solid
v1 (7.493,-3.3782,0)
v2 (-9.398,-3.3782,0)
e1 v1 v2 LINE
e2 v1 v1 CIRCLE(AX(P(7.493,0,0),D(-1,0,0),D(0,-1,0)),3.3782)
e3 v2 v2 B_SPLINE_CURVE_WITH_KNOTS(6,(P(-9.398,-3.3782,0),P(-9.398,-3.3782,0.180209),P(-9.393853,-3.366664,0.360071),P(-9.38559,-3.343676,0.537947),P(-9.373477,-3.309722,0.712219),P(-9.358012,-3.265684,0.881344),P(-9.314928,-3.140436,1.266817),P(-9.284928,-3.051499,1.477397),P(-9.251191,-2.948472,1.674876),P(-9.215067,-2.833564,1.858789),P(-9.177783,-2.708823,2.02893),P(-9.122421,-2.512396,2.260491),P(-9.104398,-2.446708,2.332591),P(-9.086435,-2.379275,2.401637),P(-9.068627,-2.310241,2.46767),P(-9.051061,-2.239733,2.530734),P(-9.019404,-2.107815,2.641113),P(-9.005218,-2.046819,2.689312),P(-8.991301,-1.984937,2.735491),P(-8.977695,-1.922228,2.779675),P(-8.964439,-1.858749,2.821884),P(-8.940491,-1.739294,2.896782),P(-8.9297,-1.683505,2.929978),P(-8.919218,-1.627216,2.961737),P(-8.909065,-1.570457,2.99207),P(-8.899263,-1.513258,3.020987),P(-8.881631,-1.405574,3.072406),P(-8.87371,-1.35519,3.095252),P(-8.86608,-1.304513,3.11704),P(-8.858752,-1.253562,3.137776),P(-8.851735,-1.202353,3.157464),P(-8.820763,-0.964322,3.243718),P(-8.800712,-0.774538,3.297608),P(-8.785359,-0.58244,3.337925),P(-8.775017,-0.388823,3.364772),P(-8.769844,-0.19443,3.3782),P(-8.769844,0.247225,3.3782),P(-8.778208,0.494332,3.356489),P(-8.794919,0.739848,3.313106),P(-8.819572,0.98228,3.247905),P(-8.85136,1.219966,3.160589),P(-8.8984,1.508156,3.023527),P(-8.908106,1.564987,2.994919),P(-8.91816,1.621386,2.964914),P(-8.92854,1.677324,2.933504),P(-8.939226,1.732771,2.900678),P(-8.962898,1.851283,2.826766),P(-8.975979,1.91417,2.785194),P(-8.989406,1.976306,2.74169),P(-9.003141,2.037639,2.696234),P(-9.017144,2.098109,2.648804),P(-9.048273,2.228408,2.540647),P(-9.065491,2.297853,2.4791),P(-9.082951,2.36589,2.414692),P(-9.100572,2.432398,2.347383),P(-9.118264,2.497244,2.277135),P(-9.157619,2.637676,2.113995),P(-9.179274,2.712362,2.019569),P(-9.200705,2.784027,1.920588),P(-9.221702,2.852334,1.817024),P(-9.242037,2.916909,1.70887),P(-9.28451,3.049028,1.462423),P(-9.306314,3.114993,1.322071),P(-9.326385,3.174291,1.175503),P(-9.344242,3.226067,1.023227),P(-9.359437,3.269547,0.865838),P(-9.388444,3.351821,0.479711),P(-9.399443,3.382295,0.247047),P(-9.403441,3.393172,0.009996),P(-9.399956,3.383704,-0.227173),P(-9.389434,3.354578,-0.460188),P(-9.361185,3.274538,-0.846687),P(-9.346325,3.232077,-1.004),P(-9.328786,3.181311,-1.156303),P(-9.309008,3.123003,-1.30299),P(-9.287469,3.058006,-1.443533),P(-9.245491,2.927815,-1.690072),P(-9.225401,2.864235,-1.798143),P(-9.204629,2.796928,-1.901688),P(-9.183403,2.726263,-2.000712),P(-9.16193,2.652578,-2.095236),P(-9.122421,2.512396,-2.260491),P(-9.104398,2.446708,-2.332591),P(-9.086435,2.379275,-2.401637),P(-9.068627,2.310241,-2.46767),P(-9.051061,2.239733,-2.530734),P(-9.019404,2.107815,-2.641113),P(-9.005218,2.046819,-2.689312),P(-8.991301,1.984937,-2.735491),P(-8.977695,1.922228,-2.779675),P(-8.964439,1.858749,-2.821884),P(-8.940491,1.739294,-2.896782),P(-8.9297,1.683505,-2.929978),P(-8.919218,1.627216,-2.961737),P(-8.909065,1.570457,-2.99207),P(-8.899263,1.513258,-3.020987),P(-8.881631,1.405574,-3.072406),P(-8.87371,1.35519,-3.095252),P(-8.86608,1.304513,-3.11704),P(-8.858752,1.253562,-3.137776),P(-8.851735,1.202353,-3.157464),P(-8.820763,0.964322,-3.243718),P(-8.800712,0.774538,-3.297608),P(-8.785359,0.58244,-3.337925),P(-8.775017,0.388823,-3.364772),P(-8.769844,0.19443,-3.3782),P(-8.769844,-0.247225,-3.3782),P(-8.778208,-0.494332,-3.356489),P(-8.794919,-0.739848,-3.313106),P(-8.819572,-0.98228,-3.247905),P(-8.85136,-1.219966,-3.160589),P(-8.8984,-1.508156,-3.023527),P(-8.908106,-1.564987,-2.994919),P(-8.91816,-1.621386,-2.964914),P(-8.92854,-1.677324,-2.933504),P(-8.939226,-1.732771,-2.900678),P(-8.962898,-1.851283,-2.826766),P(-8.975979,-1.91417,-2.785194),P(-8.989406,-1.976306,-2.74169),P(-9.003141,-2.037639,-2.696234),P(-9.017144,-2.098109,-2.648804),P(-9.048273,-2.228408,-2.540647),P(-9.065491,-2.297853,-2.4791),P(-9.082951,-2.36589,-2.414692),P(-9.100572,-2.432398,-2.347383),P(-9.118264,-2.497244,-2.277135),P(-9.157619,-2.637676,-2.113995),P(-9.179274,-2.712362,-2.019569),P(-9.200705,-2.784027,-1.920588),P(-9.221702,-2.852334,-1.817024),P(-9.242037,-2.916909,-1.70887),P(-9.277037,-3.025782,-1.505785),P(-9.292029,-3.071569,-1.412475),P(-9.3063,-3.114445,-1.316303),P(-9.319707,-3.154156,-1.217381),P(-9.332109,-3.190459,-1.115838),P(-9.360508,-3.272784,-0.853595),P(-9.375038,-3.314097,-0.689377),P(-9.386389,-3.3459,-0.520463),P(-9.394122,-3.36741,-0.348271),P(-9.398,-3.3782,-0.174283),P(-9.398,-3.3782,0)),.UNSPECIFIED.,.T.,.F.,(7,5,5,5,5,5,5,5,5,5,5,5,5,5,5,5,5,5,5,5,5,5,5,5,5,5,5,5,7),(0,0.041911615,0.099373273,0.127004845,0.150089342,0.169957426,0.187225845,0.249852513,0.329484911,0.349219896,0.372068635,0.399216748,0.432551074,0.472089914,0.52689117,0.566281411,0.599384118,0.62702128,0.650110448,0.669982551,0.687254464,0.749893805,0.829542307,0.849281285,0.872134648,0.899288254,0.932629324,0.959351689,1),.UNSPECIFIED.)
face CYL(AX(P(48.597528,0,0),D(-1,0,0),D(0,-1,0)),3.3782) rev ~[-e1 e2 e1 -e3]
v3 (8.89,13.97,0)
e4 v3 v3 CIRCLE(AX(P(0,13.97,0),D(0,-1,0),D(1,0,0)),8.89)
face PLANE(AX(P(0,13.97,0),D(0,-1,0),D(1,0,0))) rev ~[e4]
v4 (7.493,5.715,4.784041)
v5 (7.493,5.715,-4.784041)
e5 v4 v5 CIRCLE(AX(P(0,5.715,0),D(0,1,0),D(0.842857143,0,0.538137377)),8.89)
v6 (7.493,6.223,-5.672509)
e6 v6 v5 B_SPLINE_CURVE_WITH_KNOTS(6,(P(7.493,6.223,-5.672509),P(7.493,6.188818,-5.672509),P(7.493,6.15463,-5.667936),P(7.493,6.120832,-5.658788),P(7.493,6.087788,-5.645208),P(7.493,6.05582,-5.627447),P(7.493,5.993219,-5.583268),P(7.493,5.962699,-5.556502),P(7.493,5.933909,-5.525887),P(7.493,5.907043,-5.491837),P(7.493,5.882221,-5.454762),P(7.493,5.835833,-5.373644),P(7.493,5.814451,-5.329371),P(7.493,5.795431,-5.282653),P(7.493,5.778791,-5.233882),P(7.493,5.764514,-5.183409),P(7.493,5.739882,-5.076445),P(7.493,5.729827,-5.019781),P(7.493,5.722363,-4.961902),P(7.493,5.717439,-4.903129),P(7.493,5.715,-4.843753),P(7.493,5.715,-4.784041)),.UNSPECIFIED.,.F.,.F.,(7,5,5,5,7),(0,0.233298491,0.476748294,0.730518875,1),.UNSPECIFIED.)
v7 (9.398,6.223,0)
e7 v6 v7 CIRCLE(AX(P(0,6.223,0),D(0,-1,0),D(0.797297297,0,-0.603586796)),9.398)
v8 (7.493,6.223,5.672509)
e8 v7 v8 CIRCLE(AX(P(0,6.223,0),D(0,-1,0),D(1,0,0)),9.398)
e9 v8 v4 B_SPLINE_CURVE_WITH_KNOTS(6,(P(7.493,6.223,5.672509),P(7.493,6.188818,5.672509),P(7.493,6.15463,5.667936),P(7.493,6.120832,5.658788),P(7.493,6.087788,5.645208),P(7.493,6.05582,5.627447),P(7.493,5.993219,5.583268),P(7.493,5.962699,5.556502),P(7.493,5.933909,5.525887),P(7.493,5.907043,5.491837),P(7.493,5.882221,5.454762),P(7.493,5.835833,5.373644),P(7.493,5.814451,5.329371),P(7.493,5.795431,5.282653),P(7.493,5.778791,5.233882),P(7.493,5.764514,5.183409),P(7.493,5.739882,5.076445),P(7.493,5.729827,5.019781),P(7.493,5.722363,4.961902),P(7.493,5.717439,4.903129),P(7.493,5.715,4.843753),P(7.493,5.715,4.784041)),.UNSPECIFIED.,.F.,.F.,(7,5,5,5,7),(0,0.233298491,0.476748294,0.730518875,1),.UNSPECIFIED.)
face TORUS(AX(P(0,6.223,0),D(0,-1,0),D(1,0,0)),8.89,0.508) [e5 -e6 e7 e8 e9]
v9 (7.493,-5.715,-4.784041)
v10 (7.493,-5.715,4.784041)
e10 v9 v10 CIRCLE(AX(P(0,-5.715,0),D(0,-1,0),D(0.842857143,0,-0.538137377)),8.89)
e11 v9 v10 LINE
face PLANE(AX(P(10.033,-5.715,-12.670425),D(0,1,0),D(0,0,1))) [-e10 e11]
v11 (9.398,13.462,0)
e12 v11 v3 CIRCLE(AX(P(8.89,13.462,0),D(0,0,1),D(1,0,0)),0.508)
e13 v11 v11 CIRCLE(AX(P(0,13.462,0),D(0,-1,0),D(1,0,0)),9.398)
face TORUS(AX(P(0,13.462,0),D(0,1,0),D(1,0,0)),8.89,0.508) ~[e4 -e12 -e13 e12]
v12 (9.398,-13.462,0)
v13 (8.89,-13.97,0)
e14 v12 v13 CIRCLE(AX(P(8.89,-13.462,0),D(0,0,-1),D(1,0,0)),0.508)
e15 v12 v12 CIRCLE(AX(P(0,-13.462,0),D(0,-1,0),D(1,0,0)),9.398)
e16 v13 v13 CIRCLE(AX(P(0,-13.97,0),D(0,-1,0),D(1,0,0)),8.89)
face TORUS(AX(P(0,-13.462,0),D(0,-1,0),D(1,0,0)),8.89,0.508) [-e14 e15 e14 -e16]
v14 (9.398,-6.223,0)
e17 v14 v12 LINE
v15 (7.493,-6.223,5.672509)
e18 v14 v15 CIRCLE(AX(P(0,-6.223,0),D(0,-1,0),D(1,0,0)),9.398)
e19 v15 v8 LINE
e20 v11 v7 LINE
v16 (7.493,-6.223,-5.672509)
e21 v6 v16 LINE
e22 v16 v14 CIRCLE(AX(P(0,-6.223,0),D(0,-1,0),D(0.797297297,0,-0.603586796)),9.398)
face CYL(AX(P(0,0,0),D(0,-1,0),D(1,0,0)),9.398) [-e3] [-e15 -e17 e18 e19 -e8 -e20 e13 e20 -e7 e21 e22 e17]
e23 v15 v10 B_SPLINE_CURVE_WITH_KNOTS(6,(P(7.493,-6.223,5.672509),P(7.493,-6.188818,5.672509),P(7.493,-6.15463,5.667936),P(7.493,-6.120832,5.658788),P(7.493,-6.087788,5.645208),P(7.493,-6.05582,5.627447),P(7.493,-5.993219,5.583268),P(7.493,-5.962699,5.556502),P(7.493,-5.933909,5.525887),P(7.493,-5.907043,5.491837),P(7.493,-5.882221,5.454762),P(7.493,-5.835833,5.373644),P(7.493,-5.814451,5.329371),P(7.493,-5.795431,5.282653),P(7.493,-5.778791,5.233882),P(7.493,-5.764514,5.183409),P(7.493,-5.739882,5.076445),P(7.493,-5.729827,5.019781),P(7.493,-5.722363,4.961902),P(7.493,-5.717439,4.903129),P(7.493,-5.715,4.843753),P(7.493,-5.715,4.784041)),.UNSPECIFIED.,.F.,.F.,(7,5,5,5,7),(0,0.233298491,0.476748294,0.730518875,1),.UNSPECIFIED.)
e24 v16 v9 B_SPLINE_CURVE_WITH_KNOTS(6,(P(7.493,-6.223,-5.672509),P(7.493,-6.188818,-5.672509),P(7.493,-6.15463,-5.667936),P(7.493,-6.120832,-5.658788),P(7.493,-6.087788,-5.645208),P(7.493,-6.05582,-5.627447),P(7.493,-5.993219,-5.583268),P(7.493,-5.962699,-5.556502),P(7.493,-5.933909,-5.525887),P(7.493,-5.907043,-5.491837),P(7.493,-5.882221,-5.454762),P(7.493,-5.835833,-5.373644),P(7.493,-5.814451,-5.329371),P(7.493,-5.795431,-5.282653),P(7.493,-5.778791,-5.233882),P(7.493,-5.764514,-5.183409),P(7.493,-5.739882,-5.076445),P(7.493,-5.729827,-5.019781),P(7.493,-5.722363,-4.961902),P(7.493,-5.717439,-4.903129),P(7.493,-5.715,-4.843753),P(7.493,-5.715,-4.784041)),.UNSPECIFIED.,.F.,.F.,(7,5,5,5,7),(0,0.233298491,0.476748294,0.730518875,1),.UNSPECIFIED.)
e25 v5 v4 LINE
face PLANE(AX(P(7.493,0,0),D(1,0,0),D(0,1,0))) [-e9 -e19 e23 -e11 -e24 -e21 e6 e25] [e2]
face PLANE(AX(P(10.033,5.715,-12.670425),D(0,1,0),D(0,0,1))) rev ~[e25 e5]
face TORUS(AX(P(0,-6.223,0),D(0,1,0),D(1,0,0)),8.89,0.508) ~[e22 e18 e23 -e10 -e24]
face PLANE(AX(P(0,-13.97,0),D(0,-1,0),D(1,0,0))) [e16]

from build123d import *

# Parameters (mm, degrees)
F0_R          = 9.398
F1_DEPTH      = 13.97
F1_DEPTH_BACK = 13.97
F4_D          = 6.7564
F5_W          = 11.43
F5_H          = 25.3408506978
F6_DEPTH      = 2.54
F7_R          = 0.508


with BuildPart() as f1:
    # F0 (on Front) → F1 (new body, two sides)
    with BuildSketch(Plane.XZ) as f1_sk:
        Circle(F0_R)
    extrude(amount=F1_DEPTH)
    extrude(f1_sk.sketch, amount=-F1_DEPTH_BACK)

    # F4 (through all)
    with Locations(Plane.YZ.offset(10.033)):
        with Locations((0, 0)):
            Hole(F4_D / 2)

    # F5 (on offset) → F6 (cut)
    with BuildSketch(Plane.YZ.offset(10.033)):
        Rectangle(F5_W, F5_H)
    extrude(amount=-F6_DEPTH, mode=Mode.SUBTRACT)

    # F7
    f7_edges = [f1.edges().sort_by_distance(p)[0] for p in [
        (-9.398, 13.97, 0),
        (-9.398, -13.97, 0),
        (8.90903, 5.715, 2.991922),
        (8.90903, 5.715, -2.991922),
        (8.90903, -5.715, 2.991922),
        (8.90903, -5.715, -2.991922),
    ]]
    fillet(f7_edges, radius=F7_R)


solid = f1.part
